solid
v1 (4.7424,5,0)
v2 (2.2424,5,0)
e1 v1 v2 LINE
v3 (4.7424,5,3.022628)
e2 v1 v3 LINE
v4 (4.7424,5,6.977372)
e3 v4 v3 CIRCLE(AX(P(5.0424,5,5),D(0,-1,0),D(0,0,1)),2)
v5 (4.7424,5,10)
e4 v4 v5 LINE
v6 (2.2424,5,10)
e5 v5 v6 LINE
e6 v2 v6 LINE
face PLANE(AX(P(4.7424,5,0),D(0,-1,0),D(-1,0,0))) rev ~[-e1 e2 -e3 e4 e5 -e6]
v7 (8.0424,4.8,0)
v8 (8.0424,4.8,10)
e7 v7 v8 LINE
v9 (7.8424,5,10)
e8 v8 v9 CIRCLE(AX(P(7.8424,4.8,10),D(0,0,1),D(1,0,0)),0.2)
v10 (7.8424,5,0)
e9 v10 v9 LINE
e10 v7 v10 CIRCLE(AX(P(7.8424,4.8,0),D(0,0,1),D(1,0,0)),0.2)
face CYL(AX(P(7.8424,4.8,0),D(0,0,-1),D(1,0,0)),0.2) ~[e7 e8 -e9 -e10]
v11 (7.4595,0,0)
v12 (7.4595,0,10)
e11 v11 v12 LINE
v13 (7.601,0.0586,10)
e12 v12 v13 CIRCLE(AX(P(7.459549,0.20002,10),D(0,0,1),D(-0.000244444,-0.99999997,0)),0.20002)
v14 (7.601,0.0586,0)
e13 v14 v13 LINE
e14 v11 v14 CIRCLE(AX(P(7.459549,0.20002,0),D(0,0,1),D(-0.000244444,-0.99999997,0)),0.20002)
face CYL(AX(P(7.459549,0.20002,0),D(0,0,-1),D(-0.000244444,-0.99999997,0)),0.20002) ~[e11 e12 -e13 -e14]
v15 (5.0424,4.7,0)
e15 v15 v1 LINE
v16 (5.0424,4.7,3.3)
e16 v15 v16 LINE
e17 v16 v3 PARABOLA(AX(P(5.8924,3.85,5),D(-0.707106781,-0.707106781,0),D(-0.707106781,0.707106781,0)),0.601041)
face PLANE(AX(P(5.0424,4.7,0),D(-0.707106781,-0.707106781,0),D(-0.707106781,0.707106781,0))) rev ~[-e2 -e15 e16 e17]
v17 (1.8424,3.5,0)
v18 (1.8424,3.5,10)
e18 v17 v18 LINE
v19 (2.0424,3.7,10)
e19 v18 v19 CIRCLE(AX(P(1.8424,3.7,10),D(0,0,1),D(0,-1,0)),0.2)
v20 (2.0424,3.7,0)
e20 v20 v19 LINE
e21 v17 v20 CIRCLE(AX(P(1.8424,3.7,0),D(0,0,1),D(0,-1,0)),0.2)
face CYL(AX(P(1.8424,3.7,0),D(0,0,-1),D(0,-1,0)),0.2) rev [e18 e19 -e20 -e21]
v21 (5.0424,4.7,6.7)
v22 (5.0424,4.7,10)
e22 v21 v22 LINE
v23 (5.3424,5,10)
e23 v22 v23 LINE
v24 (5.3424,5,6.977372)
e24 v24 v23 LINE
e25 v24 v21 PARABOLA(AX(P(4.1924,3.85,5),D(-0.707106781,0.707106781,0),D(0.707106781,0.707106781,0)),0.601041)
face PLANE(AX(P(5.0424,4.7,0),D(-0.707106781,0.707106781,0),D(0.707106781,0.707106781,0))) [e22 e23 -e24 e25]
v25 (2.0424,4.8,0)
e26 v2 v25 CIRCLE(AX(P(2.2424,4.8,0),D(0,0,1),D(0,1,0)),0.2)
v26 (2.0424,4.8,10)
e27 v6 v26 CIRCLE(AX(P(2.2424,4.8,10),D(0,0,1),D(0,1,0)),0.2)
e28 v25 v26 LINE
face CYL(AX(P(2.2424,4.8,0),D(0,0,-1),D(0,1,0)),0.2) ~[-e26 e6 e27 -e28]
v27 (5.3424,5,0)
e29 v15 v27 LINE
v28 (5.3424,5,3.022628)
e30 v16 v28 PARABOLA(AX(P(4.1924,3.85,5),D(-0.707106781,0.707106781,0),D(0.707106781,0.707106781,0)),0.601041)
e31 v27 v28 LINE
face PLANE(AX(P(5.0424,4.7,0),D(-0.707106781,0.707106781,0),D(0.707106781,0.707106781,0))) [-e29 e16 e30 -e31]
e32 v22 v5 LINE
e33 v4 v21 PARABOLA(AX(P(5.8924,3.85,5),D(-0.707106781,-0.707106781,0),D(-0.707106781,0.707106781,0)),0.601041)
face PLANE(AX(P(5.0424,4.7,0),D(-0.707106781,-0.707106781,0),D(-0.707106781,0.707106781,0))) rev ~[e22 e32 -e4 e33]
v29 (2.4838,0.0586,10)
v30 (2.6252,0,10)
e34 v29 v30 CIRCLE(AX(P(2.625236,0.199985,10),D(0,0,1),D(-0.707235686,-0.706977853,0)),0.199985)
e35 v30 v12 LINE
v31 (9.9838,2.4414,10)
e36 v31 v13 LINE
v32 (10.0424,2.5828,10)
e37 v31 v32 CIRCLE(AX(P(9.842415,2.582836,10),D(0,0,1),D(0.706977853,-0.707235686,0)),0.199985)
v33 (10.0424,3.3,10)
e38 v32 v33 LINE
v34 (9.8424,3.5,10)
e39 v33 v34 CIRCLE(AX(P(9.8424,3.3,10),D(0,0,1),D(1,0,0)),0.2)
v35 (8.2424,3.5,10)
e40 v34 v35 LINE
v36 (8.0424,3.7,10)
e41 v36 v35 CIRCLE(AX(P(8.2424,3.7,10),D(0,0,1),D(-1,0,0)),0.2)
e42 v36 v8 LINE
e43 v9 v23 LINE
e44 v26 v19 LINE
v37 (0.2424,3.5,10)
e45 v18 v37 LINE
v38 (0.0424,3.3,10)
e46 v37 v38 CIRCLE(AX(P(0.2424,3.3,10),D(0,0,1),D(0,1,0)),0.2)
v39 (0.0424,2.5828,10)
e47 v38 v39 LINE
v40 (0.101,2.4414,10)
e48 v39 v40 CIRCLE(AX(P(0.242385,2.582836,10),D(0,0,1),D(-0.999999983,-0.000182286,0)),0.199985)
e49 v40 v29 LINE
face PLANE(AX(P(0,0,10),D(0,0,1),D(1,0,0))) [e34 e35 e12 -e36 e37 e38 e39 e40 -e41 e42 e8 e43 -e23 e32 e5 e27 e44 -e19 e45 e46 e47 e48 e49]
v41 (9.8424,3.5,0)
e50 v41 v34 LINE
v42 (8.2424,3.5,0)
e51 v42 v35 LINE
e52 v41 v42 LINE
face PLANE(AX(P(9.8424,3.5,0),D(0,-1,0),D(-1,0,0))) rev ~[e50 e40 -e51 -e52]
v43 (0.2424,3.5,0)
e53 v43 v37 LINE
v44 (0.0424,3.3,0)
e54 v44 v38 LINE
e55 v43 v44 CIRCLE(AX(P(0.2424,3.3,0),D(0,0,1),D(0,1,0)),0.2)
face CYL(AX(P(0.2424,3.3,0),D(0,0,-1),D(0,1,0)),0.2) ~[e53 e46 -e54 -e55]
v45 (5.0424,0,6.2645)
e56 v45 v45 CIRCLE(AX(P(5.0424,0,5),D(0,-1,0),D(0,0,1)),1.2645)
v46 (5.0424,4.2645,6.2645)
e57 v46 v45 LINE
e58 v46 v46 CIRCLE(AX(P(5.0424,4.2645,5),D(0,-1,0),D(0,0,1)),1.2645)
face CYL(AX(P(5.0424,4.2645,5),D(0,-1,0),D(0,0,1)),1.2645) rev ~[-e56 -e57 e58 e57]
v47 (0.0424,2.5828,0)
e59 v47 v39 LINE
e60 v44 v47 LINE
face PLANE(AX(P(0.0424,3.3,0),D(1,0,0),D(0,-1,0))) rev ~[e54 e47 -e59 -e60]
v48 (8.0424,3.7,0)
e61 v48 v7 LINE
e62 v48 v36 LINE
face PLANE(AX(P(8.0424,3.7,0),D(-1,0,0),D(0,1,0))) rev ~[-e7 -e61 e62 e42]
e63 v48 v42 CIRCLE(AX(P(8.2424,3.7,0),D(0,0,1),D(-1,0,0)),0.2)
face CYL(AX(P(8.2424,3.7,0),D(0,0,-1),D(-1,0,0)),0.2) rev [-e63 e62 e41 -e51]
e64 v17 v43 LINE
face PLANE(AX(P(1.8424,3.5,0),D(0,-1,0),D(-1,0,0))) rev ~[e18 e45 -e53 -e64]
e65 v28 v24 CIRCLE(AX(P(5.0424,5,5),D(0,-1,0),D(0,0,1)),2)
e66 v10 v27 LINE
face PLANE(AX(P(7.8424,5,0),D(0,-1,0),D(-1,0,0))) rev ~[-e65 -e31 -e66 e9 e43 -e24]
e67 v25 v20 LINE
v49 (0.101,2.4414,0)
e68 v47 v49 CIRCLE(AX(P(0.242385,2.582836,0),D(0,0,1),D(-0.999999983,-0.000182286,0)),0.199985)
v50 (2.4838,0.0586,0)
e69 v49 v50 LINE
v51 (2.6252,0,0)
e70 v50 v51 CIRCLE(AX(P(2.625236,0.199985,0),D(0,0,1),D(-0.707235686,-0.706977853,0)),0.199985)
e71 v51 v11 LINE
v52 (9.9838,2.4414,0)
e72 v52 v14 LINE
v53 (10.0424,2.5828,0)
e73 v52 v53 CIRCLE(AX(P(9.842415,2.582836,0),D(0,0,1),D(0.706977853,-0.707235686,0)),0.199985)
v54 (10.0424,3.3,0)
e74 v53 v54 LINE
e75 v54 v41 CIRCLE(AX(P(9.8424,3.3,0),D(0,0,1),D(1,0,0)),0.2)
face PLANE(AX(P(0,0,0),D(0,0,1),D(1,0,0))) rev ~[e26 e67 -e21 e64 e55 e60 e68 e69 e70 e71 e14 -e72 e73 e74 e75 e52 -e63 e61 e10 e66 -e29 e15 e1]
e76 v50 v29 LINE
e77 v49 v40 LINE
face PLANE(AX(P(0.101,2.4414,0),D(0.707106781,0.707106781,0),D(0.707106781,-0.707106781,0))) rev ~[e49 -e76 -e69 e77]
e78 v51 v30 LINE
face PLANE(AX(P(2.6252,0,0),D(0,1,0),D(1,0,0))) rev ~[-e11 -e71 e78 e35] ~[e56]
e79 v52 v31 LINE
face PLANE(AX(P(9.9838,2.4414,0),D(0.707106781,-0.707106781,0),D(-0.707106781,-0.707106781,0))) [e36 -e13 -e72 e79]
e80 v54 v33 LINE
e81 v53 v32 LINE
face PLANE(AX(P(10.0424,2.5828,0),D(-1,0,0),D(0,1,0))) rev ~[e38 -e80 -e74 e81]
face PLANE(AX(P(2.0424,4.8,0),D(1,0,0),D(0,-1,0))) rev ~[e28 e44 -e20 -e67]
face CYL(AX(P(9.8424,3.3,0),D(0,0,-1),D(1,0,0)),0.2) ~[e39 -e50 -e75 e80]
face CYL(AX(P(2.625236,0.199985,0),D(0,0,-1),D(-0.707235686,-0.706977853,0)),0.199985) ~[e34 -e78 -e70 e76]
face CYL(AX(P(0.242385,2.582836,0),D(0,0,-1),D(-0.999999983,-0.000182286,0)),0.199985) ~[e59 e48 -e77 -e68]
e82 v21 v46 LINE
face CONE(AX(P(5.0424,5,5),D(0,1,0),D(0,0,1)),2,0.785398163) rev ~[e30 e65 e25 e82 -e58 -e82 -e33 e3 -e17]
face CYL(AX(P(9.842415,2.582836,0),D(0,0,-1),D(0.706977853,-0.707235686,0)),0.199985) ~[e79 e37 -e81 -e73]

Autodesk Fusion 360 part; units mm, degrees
sketch "Sketch1" plane through (0, 0, 0) normal (0, 0, 1) x (1, 0, 0)
  line L0 (2.6252, 0) -> (7.4595, 0)
  line L1 (10.0424, 2.5828) -> (10.0424, 3.3)
  line L2 (0.0424, 3.3) -> (0.0424, 2.5828)
  line L3 (8.0424, 3.7) -> (8.0424, 4.8)
  line L4 (2.0424, 4.8) -> (2.0424, 3.7)
  line L5 (0.101, 2.4414) -> (2.4838, 0.0586)
  line L6 (0.0424, 2.5) -> (3.5052, 2.5) construction
  line L7 (5.0424, 3.5) -> (5.0424, 0) construction
  line L8 (9.9838, 2.4414) -> (7.601, 0.0586)
  line L9 (9.8424, 3.5) -> (8.2424, 3.5)
  line L10 (1.8424, 3.5) -> (0.2424, 3.5)
  line L11 (5.0424, 4.7) -> (5.3424, 5)
  line L12 (5.0424, 4.7) -> (6.213, 4.7) construction
  line L13 (5.0424, 4.7) -> (4.7424, 5)
  line L14 (5.0424, 4.7) -> (6.2088, 4.7) construction
  line L15 (7.8424, 5) -> (5.3424, 5)
  line L16 (4.7424, 5) -> (2.2424, 5)
  arc A0 (0.2424, 3.5) -> (0.0424, 3.3) centre (0.2424, 3.3) ccw
  arc A1 (0.0424, 2.5828) -> (0.101, 2.4414) centre (0.2424, 2.5828) ccw
  arc A2 (2.4838, 0.0586) -> (2.6252, 0) centre (2.6252, 0.2) ccw
  arc A3 (7.4595, 0) -> (7.601, 0.0586) centre (7.4595, 0.2) ccw
  arc A4 (9.9838, 2.4414) -> (10.0424, 2.5828) centre (9.8424, 2.5828) ccw
  arc A5 (10.0424, 3.3) -> (9.8424, 3.5) centre (9.8424, 3.3) ccw
  arc A6 (8.0424, 3.7) -> (8.2424, 3.5) centre (8.2424, 3.7) ccw
  arc A7 (8.0424, 4.8) -> (7.8424, 5) centre (7.8424, 4.8) ccw
  arc A8 (2.2424, 5) -> (2.0424, 4.8) centre (2.2424, 4.8) ccw
  arc A9 (1.8424, 3.5) -> (2.0424, 3.7) centre (1.8424, 3.7) ccw
  dimension "d1" = 10
  dimension "d4" = 5
  dimension "d5" = 45
  dimension "d6" = 1
  dimension "d7" = 5
  dimension "d8" = 6
  dimension "d9" = 2
  dimension "d10" = 2
  dimension "d12" = 45
  dimension "d13" = 0.3
  dimension "d14" = 5
  dimension "d15" = 1.5
  dimension "d16" = 0.2
extrude "Extrude1" add sketch "Sketch1" along normal blind 10
hole "Hole1" at (5.0424, 5, 5) direction (0, -1, 0) diameter 2.529 depth 5.834 tip angle 180 countersink diameter 4 countersink angle 90
